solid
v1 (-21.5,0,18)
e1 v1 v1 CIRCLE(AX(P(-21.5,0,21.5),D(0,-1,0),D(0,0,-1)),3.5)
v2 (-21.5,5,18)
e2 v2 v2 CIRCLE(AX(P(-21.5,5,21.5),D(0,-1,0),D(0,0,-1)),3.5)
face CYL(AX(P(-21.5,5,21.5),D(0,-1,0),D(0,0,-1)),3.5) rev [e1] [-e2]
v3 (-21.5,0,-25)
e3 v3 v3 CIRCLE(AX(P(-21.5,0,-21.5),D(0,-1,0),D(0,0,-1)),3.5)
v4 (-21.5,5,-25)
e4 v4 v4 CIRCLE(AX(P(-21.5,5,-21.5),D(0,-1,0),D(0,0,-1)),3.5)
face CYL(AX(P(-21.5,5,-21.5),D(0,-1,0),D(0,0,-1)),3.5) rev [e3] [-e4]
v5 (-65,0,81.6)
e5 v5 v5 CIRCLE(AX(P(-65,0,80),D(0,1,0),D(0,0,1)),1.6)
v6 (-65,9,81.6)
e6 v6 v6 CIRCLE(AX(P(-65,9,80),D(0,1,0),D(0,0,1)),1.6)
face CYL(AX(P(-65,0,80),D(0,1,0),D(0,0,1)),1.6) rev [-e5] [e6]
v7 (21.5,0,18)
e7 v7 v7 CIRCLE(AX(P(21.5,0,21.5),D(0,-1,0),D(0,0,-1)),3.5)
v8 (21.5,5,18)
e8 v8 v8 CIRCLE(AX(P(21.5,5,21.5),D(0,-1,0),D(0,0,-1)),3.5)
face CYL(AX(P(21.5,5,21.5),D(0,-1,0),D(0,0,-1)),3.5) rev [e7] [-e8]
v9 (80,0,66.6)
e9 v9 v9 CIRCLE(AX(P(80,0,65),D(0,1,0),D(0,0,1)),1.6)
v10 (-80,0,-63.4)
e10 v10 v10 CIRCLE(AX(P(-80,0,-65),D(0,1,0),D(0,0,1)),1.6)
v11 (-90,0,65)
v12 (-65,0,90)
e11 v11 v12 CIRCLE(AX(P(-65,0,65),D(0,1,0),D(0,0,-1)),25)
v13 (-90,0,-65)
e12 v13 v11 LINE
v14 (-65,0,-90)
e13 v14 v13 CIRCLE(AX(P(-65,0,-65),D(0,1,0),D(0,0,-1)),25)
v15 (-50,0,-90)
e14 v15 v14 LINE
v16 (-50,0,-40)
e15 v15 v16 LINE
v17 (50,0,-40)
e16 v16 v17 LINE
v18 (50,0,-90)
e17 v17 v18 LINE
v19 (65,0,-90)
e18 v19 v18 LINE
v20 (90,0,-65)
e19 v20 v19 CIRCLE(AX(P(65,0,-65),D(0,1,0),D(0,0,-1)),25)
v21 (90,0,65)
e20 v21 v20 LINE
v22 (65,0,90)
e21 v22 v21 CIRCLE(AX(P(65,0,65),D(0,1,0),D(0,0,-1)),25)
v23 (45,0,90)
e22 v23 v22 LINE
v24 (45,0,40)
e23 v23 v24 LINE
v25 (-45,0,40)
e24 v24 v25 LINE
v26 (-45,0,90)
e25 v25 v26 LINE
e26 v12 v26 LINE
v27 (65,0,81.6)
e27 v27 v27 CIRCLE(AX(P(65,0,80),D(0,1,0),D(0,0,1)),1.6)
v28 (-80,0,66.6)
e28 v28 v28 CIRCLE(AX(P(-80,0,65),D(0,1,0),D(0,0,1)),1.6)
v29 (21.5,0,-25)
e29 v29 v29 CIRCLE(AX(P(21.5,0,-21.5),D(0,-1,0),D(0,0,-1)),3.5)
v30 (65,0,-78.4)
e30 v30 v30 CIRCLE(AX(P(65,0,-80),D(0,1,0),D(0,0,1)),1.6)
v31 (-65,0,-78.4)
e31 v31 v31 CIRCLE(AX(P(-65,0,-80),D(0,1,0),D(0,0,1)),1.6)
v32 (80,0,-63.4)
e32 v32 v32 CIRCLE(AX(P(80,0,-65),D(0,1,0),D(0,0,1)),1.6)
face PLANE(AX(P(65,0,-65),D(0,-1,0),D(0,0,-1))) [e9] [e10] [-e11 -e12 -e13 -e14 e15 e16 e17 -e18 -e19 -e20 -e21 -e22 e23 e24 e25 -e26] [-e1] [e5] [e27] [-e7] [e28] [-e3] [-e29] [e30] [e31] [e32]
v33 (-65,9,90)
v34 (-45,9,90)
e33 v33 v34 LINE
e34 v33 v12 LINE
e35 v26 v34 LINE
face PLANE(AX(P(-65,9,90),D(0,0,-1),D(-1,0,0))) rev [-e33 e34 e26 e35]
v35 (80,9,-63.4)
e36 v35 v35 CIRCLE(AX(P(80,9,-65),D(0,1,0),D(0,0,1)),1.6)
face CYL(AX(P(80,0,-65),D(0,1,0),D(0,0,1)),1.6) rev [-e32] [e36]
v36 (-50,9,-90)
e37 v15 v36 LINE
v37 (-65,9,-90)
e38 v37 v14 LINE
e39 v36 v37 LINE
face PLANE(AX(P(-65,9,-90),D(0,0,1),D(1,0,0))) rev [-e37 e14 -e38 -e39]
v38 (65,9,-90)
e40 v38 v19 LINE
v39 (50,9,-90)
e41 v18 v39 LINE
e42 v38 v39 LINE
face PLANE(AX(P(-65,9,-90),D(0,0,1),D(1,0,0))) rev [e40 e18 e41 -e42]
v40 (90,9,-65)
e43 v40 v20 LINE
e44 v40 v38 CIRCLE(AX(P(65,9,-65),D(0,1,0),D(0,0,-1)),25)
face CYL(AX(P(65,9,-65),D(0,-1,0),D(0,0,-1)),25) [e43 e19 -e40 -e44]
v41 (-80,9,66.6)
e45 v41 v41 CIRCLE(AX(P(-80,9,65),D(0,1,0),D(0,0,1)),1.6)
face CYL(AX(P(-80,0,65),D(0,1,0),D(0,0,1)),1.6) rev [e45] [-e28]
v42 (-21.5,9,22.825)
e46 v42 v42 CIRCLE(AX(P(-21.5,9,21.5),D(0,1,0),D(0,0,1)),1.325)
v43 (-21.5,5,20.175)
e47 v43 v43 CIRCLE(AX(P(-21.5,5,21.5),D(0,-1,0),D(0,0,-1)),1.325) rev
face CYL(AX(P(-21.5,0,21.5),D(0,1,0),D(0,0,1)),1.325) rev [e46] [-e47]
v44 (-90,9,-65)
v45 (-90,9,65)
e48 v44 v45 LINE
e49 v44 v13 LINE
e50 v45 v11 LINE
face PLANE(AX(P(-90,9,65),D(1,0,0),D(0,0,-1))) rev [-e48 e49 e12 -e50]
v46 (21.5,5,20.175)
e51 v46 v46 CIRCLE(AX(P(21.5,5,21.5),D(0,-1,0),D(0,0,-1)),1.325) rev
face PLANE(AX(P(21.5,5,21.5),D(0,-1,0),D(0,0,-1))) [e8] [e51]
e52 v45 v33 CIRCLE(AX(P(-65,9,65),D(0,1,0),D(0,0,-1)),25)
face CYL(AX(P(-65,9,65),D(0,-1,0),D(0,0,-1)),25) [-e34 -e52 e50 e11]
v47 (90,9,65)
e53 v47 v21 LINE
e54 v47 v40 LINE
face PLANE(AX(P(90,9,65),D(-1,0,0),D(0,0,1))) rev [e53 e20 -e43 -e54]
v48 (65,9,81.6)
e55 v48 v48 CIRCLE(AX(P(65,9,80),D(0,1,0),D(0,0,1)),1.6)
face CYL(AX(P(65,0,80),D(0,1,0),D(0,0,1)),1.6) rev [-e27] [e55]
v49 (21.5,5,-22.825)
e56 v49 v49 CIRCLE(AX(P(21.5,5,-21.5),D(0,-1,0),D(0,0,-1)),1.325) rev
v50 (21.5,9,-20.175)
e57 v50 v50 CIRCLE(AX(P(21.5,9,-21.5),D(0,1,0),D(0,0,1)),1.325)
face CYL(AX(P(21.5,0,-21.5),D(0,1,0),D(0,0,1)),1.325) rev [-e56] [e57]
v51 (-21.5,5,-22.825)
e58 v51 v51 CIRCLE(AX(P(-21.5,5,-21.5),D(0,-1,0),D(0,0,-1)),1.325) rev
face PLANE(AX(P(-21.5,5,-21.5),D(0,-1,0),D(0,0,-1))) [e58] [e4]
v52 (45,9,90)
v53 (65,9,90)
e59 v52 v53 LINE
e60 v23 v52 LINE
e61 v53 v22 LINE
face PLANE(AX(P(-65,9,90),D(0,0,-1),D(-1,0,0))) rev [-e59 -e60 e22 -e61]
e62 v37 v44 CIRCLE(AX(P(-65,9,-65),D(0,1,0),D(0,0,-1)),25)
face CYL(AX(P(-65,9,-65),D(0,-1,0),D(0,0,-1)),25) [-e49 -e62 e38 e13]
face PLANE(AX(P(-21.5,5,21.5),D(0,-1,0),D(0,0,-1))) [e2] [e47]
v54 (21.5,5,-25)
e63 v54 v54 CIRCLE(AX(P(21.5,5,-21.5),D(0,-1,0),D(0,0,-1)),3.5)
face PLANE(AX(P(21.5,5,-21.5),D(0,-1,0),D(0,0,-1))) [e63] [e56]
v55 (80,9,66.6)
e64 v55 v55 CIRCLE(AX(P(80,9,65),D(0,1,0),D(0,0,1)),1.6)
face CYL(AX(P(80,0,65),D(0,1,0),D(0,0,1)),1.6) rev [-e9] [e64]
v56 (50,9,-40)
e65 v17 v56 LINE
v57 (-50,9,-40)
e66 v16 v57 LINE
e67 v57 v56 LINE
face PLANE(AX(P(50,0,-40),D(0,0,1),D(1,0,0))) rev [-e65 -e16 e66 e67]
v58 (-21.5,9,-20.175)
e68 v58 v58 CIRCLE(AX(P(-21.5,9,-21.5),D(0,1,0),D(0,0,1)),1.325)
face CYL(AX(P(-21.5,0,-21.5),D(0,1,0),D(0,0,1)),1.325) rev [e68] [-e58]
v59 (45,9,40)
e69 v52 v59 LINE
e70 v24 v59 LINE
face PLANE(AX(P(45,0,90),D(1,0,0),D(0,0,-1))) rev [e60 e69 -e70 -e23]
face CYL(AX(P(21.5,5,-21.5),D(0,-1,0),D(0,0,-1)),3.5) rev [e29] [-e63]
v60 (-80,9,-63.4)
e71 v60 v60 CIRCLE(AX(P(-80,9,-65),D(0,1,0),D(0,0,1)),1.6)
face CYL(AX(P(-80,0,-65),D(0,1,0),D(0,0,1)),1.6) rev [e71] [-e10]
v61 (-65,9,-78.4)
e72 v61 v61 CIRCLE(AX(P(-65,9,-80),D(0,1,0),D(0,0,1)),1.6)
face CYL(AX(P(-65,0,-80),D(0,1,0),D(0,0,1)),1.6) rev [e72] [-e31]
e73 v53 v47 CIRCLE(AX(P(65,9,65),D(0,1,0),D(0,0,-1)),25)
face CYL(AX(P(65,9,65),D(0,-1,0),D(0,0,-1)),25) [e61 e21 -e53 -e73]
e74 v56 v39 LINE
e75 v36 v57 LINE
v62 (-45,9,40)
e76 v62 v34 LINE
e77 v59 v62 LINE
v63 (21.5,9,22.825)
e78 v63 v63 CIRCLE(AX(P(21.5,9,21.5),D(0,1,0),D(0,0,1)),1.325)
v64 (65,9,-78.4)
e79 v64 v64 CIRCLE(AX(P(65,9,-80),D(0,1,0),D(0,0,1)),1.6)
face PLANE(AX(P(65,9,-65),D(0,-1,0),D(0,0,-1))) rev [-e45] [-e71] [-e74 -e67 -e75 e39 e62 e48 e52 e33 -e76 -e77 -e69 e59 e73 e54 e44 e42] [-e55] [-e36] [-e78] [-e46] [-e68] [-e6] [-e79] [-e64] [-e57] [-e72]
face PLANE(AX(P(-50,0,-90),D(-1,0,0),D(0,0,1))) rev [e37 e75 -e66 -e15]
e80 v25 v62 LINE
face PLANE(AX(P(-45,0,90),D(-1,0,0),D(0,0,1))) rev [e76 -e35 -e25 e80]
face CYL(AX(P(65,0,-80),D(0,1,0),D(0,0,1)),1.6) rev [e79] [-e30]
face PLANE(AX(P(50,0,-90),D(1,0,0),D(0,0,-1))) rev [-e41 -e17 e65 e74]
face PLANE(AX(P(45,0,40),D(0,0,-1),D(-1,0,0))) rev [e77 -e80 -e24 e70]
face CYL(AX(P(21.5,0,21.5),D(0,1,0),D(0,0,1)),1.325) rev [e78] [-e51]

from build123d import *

# Parameters (mm, degrees)
PLATE_DEPTH        = 9
SKETCH3_R          = 1.6
HEX_HOLES_DEPTH    = 128.597021909
SKETCH4_R          = 1.325
LIDAR_HOLES_DEPTH  = 128.597021909
SKETCH5_W          = 100
SKETCH5_H          = 50
SKETCH5_W_2        = 90
CUT_EXTRUDE1_DEPTH = 128.597021909
SKETCH6_R          = 3.5
CUT_EXTRUDE2_DEPTH = 5


with BuildPart() as part:
    # Sketch1 → Plate (new body)
    with BuildSketch(Plane(origin=(0, 0, 0), x_dir=(1, 0, 0), z_dir=(0, 1, 0))):
        with BuildLine():
            Line((-65, -90), (65, -90))
            ThreePointArc((65, -90), (82.67766953, -82.67766953), (90, -65))
            Line((90, -65), (90, 65))
            ThreePointArc((90, 65), (82.67766953, 82.67766953), (65, 90))
            Line((65, 90), (-65, 90))
            ThreePointArc((-65, 90), (-82.67766953, 82.67766953), (-90, 65))
            Line((-90, 65), (-90, -65))
            ThreePointArc((-90, -65), (-82.67766953, -82.67766953), (-65, -90))
        make_face()
    extrude(amount=PLATE_DEPTH)

    # Sketch3 → Hex Holes (cut, through all)
    with BuildSketch(Plane(origin=(0, 9, 0), x_dir=(1, 0, 0), z_dir=(0, 1, 0))):
        with Locations(Location((-65, 80, 0), (0, 0, 270))):
            Circle(SKETCH3_R)
        with Locations(Location((-80, 65, 0), (0, 0, 270))):
            Circle(SKETCH3_R)
        with Locations(Location((80, 65, 0), (0, 0, 270))):
            Circle(SKETCH3_R)
        with Locations(Location((80, -65, 0), (0, 0, 270))):
            Circle(SKETCH3_R)
        with Locations(Location((65, 80, 0), (0, 0, 270))):
            Circle(SKETCH3_R)
        with Locations(Location((65, -80, 0), (0, 0, 270))):
            Circle(SKETCH3_R)
        with Locations(Location((-65, -80, 0), (0, 0, 270))):
            Circle(SKETCH3_R)
        with Locations(Location((-80, -65, 0), (0, 0, 270))):
            Circle(SKETCH3_R)
    extrude(amount=-HEX_HOLES_DEPTH, mode=Mode.SUBTRACT)

    # Sketch4 → LiDAR Holes (cut, through all)
    with BuildSketch(Plane(origin=(0, 9, 0), x_dir=(1, 0, 0), z_dir=(0, 1, 0))):
        with Locations(Location((-21.5, 21.5, 0), (0, 0, 270))):
            Circle(SKETCH4_R)
        with Locations(Location((21.5, 21.5, 0), (0, 0, 270))):
            Circle(SKETCH4_R)
        with Locations(Location((21.5, -21.5, 0), (0, 0, 270))):
            Circle(SKETCH4_R)
        with Locations(Location((-21.5, -21.5, 0), (0, 0, 270))):
            Circle(SKETCH4_R)
    extrude(amount=-LIDAR_HOLES_DEPTH, mode=Mode.SUBTRACT)

    # Sketch5 → Cut-Extrude1 (cut, through all)
    with BuildSketch(Plane(origin=(0, 9, 0), x_dir=(1, 0, 0), z_dir=(0, 1, 0))):
        with Locations((0, 65)):
            Rectangle(SKETCH5_W, SKETCH5_H)
        with Locations((0, -65)):
            Rectangle(SKETCH5_W_2, SKETCH5_H)
    extrude(amount=-CUT_EXTRUDE1_DEPTH, mode=Mode.SUBTRACT)

    # Sketch6 → Cut-Extrude2 (cut)
    with BuildSketch(Plane.XZ):
        with Locations(Location((-21.5, 21.5, 0), (0, 0, 270))):
            Circle(SKETCH6_R)
        with Locations(Location((21.5, 21.5, 0), (0, 0, 270))):
            Circle(SKETCH6_R)
        with Locations(Location((-21.5, -21.5, 0), (0, 0, 270))):
            Circle(SKETCH6_R)
        with Locations(Location((21.5, -21.5, 0), (0, 0, 270))):
            Circle(SKETCH6_R)
    extrude(amount=-CUT_EXTRUDE2_DEPTH, mode=Mode.SUBTRACT)


solid = part.part
